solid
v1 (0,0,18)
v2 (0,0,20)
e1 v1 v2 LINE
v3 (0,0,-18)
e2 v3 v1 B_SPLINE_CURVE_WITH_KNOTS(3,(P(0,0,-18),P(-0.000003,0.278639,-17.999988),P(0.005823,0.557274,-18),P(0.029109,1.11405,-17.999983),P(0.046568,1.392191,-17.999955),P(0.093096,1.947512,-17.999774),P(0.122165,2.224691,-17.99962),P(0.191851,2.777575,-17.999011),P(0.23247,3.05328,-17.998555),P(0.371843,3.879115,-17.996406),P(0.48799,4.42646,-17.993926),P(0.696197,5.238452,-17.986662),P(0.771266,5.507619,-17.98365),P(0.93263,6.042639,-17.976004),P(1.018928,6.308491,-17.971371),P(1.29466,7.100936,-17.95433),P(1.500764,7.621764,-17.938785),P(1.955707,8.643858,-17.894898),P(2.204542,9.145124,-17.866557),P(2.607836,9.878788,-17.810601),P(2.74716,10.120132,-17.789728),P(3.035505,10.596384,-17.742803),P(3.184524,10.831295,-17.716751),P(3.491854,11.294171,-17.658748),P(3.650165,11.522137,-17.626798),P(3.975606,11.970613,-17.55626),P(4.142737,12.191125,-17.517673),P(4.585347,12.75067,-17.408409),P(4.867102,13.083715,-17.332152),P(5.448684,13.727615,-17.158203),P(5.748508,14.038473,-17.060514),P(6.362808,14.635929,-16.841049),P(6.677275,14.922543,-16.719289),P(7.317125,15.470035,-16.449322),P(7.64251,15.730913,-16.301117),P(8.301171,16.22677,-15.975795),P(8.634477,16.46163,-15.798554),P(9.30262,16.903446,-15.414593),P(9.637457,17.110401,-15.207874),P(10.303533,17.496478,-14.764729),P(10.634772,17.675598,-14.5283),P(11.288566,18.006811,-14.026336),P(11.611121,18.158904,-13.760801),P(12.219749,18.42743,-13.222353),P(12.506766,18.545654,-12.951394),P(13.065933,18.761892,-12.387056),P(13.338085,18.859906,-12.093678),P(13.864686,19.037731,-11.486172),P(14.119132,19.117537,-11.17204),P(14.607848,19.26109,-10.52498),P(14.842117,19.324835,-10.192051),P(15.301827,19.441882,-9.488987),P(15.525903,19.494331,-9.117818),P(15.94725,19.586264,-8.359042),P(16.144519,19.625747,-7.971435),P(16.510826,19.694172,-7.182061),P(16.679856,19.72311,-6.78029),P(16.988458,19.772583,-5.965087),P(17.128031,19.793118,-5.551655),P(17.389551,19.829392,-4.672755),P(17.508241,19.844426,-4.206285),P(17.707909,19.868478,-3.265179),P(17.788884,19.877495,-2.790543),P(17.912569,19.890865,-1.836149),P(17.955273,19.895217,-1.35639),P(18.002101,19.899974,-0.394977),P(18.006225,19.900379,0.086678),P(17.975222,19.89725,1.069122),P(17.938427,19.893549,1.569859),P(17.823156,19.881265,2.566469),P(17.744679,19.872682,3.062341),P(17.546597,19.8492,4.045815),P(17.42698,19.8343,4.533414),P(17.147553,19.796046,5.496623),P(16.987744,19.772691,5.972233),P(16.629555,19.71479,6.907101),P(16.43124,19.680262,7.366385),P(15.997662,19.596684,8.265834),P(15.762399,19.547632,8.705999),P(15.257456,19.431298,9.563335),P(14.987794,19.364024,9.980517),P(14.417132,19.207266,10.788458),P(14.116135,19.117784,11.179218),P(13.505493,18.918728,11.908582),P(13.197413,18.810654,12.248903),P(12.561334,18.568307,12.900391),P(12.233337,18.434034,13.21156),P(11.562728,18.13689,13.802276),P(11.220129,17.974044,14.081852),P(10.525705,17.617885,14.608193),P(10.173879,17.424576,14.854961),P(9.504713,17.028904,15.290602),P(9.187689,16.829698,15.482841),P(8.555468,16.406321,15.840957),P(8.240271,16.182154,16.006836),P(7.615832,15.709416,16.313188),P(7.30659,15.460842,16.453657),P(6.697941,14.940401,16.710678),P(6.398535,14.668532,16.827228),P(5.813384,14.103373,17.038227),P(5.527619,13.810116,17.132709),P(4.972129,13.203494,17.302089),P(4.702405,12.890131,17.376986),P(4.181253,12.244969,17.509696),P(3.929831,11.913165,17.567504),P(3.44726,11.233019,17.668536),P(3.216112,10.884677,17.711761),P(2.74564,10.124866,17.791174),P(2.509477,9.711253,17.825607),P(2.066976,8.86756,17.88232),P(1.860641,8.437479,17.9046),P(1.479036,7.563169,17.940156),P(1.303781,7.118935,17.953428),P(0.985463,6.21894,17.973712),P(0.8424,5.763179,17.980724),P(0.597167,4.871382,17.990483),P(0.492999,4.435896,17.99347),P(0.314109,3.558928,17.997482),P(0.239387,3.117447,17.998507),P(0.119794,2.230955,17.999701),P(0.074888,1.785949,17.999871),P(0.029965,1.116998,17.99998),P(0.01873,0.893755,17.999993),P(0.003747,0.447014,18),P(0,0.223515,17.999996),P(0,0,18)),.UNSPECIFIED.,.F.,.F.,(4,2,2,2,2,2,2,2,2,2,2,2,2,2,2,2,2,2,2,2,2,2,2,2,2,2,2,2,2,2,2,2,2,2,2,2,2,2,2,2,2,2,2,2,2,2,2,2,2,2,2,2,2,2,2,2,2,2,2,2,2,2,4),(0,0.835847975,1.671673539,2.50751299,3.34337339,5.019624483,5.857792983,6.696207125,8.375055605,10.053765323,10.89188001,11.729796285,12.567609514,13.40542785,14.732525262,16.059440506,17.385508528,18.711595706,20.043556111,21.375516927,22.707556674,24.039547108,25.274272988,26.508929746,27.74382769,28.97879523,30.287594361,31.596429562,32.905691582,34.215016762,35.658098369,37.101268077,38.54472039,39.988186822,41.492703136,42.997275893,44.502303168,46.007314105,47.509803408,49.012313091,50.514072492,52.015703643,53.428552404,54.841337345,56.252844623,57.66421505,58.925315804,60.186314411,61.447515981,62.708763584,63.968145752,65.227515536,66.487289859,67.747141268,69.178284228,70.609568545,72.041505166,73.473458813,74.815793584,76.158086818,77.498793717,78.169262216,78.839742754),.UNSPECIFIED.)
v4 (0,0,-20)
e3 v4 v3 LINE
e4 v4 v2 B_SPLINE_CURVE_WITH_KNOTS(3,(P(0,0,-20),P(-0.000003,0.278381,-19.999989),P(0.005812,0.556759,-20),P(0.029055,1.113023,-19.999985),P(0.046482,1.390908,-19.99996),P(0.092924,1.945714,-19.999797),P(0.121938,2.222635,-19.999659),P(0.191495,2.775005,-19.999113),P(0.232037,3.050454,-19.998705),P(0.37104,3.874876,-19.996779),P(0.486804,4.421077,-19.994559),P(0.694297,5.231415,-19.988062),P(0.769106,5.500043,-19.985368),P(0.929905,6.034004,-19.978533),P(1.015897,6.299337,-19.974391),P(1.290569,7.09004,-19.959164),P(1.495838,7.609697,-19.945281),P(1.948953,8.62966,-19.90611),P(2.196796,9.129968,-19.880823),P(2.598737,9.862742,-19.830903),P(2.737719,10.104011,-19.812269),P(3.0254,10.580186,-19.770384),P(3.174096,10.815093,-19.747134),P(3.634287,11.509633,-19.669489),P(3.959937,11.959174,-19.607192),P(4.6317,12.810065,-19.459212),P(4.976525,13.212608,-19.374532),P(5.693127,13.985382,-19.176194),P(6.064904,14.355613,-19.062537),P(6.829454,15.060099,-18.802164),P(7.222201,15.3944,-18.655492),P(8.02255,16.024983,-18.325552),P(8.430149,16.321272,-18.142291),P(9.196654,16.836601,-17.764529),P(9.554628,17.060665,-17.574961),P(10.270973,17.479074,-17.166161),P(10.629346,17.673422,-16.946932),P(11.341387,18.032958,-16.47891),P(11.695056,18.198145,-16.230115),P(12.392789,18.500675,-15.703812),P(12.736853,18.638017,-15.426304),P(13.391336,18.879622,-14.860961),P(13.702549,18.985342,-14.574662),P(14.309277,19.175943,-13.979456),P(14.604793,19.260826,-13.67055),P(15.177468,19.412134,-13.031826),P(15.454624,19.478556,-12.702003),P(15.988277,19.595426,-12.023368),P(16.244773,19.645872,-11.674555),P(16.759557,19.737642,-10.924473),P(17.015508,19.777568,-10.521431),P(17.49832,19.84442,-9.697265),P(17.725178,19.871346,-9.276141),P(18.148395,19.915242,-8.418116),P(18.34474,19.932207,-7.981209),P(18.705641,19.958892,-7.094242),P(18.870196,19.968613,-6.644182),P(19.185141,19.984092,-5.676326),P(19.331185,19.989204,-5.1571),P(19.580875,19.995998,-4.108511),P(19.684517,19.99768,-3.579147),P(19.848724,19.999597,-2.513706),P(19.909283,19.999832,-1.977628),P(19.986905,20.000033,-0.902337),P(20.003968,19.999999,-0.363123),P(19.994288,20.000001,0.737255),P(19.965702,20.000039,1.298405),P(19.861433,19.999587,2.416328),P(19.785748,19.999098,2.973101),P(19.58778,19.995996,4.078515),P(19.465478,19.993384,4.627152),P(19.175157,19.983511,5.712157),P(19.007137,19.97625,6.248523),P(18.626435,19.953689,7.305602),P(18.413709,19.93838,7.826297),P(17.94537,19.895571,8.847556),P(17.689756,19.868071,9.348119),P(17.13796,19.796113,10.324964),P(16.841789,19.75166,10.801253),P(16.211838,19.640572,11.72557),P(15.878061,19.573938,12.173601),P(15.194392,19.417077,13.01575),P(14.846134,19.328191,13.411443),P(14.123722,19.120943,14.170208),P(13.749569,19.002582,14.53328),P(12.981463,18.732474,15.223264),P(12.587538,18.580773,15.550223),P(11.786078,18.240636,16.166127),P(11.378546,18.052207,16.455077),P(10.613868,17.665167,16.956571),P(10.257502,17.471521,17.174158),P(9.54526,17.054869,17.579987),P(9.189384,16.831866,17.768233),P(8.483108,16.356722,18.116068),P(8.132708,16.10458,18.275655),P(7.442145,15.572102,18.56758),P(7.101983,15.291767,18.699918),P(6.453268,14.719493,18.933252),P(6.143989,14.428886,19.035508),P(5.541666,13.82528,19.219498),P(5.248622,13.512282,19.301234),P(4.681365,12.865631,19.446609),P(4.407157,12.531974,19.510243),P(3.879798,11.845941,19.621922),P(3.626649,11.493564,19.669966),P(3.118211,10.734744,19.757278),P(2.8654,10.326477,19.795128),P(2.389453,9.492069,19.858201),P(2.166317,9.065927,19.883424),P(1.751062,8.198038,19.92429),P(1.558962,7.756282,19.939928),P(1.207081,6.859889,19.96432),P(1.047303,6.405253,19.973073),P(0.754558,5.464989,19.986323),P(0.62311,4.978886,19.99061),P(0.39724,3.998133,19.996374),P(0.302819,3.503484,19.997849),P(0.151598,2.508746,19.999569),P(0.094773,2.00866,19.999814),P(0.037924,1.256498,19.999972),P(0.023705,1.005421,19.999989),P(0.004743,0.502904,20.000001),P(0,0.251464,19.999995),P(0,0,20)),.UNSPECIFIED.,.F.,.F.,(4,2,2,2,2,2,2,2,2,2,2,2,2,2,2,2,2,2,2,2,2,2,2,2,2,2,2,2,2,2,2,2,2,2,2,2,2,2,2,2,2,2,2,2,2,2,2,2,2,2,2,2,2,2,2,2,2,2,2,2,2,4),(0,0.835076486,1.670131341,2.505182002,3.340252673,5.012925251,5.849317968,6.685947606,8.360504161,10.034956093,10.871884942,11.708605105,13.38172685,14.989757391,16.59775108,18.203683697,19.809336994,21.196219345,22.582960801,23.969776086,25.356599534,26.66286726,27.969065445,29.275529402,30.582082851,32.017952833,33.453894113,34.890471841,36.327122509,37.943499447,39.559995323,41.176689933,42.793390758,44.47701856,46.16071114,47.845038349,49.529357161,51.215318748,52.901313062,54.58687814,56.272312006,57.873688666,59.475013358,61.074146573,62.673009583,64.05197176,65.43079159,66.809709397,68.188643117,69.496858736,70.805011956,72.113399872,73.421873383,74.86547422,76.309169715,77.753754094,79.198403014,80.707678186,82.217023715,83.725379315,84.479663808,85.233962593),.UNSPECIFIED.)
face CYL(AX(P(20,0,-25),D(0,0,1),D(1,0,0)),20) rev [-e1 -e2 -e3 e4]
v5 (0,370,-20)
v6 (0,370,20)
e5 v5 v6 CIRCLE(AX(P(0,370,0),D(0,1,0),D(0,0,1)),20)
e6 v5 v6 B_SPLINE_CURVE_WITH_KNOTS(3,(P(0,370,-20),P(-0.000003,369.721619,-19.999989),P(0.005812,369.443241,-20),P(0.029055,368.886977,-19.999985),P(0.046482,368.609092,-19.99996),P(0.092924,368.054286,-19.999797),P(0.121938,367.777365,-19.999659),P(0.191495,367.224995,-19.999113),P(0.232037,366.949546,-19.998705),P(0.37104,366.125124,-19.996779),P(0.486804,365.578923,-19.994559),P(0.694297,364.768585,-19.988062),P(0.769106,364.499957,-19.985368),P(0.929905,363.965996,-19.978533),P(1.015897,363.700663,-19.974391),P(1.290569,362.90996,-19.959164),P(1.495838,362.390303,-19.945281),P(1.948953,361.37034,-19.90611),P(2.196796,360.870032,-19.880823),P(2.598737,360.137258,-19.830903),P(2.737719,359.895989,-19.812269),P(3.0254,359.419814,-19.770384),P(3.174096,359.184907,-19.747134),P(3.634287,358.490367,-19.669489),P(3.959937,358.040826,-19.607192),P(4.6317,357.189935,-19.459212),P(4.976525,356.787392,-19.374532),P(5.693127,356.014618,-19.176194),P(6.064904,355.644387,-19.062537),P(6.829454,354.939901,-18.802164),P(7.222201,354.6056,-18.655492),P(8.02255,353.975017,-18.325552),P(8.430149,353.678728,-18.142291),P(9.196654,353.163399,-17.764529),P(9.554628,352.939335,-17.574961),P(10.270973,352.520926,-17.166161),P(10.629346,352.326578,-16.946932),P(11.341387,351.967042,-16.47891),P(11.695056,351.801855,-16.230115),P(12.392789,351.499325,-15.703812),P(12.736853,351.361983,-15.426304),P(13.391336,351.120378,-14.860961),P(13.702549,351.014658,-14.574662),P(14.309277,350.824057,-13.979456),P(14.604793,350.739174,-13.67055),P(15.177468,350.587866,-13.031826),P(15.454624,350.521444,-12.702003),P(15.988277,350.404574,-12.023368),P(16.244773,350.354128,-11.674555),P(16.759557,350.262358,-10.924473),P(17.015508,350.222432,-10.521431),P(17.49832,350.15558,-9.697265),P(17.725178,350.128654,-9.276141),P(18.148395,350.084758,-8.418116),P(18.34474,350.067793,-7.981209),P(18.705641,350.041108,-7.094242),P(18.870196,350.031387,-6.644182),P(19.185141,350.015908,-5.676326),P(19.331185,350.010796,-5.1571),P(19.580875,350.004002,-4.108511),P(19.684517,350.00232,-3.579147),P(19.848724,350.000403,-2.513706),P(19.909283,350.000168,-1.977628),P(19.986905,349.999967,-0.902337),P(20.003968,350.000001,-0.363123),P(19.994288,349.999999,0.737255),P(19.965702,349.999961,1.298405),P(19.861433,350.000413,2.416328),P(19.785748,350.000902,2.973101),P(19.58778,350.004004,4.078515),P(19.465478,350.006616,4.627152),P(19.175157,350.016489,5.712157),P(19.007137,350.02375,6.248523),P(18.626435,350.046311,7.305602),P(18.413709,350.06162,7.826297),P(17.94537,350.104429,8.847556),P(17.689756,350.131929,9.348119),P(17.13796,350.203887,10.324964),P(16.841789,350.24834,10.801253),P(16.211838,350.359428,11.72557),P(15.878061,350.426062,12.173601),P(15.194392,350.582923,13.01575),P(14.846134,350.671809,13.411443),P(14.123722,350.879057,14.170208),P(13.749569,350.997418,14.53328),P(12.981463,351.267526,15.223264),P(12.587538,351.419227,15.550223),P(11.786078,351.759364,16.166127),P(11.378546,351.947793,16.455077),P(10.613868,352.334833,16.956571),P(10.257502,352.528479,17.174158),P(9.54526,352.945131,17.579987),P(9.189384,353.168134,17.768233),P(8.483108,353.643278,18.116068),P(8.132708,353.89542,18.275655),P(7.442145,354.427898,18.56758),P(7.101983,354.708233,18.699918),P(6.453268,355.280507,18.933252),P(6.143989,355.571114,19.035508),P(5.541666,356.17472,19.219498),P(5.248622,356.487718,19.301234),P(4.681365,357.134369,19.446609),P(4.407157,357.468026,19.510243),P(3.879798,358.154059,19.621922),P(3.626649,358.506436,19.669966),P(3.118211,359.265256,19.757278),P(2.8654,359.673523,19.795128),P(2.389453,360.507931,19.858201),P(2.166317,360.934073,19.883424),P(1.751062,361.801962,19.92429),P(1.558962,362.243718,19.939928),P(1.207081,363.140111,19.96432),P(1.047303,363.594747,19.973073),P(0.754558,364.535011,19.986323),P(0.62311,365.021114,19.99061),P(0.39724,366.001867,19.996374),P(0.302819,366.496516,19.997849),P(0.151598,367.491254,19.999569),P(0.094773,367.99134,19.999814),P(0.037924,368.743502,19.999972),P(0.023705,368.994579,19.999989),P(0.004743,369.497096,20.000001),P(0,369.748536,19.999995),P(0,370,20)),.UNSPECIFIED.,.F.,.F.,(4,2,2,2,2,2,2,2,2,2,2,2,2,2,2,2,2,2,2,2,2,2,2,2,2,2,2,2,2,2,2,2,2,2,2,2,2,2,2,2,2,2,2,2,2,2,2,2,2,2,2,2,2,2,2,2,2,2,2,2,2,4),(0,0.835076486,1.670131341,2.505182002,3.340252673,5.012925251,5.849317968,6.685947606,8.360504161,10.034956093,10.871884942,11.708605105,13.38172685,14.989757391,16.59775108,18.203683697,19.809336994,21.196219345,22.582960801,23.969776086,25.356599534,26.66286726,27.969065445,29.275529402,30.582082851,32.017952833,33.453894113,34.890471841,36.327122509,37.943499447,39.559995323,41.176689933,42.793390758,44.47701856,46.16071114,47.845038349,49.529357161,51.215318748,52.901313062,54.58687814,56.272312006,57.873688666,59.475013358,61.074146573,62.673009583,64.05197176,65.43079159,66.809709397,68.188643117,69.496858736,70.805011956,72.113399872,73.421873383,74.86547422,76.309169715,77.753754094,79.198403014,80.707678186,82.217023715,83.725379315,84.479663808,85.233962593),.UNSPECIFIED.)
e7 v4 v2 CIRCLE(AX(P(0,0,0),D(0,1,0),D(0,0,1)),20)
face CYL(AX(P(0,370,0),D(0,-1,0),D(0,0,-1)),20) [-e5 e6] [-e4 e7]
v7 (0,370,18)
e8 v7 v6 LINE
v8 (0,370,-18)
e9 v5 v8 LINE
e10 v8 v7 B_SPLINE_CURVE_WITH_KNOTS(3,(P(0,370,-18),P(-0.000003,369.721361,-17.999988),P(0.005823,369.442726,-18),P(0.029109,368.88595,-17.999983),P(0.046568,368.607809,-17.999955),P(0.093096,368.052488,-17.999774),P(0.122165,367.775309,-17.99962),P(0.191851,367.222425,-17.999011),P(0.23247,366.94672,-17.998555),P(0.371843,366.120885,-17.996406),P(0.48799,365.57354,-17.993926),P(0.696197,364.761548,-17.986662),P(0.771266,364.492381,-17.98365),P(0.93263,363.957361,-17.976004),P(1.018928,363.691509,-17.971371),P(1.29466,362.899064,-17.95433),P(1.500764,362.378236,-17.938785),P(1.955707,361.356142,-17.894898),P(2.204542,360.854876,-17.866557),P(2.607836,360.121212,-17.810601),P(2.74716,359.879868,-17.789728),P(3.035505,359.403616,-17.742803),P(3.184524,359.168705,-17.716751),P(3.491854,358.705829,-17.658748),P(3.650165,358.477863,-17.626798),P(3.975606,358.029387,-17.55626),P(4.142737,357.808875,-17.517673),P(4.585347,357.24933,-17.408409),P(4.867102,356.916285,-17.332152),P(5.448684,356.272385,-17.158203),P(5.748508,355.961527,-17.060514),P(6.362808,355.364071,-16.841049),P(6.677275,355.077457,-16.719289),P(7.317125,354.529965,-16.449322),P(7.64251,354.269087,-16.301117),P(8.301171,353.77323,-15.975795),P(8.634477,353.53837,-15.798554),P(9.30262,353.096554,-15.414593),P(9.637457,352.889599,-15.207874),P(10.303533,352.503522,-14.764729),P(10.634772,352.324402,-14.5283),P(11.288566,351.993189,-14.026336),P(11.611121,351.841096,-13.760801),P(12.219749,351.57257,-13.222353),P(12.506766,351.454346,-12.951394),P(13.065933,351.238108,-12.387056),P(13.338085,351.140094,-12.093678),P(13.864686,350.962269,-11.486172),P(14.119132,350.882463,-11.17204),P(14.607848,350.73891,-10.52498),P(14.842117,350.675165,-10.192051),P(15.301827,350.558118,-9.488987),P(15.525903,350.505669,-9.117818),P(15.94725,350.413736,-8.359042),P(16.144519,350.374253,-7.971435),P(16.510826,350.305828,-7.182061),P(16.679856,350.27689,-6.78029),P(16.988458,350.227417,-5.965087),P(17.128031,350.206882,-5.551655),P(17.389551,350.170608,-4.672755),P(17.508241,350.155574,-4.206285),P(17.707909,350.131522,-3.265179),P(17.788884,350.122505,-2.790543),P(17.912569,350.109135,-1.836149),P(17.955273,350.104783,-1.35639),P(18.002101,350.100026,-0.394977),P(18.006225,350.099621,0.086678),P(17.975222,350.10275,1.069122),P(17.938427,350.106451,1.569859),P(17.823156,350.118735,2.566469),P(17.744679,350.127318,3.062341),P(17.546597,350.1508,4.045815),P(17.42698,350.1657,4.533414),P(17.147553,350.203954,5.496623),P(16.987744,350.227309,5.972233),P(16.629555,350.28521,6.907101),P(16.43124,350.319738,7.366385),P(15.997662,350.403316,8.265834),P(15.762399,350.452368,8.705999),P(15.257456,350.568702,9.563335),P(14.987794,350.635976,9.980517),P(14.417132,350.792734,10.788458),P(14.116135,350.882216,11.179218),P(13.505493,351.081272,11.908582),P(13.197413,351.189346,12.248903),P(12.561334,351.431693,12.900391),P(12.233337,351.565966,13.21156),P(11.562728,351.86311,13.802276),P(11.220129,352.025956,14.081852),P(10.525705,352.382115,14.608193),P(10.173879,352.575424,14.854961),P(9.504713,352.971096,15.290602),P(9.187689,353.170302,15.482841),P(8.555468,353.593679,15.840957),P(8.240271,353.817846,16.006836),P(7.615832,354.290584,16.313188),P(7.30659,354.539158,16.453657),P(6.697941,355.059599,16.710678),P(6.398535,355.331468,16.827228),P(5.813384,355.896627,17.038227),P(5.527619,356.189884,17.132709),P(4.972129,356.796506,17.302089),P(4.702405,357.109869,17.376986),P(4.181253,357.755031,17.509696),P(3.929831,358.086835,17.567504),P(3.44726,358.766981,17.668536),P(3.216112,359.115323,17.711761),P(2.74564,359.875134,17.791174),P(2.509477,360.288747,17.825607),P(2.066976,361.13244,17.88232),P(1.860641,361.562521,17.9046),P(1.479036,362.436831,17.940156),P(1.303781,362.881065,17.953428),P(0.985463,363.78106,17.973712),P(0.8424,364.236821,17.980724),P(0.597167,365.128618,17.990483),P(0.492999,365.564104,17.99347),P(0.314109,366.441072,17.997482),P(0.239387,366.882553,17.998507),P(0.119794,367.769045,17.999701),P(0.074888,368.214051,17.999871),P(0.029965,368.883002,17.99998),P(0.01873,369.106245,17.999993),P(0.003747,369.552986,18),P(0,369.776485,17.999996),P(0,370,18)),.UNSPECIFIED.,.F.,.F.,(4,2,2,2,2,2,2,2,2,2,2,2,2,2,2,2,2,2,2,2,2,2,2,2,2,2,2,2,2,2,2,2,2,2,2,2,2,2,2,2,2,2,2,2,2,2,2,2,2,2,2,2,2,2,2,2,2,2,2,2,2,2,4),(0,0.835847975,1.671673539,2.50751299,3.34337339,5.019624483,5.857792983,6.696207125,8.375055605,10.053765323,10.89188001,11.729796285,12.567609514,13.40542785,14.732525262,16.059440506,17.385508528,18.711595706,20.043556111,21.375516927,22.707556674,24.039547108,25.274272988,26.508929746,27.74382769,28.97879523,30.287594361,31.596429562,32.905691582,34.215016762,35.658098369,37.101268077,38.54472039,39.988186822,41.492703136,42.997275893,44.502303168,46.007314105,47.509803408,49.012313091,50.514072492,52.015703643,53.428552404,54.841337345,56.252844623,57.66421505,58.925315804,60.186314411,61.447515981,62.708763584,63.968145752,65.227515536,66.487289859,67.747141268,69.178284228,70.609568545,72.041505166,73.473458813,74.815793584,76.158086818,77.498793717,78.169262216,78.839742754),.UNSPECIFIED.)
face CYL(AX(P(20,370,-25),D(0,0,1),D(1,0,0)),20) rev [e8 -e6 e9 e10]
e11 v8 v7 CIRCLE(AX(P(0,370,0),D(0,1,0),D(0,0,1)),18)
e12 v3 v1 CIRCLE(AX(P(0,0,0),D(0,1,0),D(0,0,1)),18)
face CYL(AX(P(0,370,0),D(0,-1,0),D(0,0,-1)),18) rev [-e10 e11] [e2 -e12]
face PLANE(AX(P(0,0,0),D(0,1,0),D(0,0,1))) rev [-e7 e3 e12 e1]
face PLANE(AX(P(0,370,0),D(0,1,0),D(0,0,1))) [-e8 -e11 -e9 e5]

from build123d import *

# Parameters (mm, degrees)
SKETCH1_R           = 20
SKETCH1_R_2         = 18
BOSS_EXTRUDE1_DEPTH = 370
CUT_EXTRUDE1_DEPTH  = 25


with BuildPart() as part:
    # Sketch1 → Boss-Extrude1 (new body)
    with BuildSketch(Plane(origin=(0, 0, 0), x_dir=(1, 0, 0), z_dir=(0, 1, 0))):
        with Locations(Location((0, 0, 0), (0, 0, 270))):
            Circle(SKETCH1_R)
        with Locations(Location((0, 0, 0), (0, 0, 270))):
            Circle(SKETCH1_R_2, mode=Mode.SUBTRACT)
    extrude(amount=BOSS_EXTRUDE1_DEPTH)

    # Sketch2 → Cut-Extrude1 (cut, symmetric)
    with BuildSketch(Plane.XY):
        with BuildLine():
            ThreePointArc((0, 0), (5.857864376, 14.142135624), (20, 20))
            Line((20, 20), (20, 0))
            Line((20, 0), (0, 0))
        make_face()
        with BuildLine():
            ThreePointArc((0, 370), (5.857864376, 355.857864376), (20, 350))
            Line((20, 350), (20, 370))
            Line((20, 370), (0, 370))
        make_face()
    extrude(amount=CUT_EXTRUDE1_DEPTH, both=True, mode=Mode.SUBTRACT)


solid = part.part
